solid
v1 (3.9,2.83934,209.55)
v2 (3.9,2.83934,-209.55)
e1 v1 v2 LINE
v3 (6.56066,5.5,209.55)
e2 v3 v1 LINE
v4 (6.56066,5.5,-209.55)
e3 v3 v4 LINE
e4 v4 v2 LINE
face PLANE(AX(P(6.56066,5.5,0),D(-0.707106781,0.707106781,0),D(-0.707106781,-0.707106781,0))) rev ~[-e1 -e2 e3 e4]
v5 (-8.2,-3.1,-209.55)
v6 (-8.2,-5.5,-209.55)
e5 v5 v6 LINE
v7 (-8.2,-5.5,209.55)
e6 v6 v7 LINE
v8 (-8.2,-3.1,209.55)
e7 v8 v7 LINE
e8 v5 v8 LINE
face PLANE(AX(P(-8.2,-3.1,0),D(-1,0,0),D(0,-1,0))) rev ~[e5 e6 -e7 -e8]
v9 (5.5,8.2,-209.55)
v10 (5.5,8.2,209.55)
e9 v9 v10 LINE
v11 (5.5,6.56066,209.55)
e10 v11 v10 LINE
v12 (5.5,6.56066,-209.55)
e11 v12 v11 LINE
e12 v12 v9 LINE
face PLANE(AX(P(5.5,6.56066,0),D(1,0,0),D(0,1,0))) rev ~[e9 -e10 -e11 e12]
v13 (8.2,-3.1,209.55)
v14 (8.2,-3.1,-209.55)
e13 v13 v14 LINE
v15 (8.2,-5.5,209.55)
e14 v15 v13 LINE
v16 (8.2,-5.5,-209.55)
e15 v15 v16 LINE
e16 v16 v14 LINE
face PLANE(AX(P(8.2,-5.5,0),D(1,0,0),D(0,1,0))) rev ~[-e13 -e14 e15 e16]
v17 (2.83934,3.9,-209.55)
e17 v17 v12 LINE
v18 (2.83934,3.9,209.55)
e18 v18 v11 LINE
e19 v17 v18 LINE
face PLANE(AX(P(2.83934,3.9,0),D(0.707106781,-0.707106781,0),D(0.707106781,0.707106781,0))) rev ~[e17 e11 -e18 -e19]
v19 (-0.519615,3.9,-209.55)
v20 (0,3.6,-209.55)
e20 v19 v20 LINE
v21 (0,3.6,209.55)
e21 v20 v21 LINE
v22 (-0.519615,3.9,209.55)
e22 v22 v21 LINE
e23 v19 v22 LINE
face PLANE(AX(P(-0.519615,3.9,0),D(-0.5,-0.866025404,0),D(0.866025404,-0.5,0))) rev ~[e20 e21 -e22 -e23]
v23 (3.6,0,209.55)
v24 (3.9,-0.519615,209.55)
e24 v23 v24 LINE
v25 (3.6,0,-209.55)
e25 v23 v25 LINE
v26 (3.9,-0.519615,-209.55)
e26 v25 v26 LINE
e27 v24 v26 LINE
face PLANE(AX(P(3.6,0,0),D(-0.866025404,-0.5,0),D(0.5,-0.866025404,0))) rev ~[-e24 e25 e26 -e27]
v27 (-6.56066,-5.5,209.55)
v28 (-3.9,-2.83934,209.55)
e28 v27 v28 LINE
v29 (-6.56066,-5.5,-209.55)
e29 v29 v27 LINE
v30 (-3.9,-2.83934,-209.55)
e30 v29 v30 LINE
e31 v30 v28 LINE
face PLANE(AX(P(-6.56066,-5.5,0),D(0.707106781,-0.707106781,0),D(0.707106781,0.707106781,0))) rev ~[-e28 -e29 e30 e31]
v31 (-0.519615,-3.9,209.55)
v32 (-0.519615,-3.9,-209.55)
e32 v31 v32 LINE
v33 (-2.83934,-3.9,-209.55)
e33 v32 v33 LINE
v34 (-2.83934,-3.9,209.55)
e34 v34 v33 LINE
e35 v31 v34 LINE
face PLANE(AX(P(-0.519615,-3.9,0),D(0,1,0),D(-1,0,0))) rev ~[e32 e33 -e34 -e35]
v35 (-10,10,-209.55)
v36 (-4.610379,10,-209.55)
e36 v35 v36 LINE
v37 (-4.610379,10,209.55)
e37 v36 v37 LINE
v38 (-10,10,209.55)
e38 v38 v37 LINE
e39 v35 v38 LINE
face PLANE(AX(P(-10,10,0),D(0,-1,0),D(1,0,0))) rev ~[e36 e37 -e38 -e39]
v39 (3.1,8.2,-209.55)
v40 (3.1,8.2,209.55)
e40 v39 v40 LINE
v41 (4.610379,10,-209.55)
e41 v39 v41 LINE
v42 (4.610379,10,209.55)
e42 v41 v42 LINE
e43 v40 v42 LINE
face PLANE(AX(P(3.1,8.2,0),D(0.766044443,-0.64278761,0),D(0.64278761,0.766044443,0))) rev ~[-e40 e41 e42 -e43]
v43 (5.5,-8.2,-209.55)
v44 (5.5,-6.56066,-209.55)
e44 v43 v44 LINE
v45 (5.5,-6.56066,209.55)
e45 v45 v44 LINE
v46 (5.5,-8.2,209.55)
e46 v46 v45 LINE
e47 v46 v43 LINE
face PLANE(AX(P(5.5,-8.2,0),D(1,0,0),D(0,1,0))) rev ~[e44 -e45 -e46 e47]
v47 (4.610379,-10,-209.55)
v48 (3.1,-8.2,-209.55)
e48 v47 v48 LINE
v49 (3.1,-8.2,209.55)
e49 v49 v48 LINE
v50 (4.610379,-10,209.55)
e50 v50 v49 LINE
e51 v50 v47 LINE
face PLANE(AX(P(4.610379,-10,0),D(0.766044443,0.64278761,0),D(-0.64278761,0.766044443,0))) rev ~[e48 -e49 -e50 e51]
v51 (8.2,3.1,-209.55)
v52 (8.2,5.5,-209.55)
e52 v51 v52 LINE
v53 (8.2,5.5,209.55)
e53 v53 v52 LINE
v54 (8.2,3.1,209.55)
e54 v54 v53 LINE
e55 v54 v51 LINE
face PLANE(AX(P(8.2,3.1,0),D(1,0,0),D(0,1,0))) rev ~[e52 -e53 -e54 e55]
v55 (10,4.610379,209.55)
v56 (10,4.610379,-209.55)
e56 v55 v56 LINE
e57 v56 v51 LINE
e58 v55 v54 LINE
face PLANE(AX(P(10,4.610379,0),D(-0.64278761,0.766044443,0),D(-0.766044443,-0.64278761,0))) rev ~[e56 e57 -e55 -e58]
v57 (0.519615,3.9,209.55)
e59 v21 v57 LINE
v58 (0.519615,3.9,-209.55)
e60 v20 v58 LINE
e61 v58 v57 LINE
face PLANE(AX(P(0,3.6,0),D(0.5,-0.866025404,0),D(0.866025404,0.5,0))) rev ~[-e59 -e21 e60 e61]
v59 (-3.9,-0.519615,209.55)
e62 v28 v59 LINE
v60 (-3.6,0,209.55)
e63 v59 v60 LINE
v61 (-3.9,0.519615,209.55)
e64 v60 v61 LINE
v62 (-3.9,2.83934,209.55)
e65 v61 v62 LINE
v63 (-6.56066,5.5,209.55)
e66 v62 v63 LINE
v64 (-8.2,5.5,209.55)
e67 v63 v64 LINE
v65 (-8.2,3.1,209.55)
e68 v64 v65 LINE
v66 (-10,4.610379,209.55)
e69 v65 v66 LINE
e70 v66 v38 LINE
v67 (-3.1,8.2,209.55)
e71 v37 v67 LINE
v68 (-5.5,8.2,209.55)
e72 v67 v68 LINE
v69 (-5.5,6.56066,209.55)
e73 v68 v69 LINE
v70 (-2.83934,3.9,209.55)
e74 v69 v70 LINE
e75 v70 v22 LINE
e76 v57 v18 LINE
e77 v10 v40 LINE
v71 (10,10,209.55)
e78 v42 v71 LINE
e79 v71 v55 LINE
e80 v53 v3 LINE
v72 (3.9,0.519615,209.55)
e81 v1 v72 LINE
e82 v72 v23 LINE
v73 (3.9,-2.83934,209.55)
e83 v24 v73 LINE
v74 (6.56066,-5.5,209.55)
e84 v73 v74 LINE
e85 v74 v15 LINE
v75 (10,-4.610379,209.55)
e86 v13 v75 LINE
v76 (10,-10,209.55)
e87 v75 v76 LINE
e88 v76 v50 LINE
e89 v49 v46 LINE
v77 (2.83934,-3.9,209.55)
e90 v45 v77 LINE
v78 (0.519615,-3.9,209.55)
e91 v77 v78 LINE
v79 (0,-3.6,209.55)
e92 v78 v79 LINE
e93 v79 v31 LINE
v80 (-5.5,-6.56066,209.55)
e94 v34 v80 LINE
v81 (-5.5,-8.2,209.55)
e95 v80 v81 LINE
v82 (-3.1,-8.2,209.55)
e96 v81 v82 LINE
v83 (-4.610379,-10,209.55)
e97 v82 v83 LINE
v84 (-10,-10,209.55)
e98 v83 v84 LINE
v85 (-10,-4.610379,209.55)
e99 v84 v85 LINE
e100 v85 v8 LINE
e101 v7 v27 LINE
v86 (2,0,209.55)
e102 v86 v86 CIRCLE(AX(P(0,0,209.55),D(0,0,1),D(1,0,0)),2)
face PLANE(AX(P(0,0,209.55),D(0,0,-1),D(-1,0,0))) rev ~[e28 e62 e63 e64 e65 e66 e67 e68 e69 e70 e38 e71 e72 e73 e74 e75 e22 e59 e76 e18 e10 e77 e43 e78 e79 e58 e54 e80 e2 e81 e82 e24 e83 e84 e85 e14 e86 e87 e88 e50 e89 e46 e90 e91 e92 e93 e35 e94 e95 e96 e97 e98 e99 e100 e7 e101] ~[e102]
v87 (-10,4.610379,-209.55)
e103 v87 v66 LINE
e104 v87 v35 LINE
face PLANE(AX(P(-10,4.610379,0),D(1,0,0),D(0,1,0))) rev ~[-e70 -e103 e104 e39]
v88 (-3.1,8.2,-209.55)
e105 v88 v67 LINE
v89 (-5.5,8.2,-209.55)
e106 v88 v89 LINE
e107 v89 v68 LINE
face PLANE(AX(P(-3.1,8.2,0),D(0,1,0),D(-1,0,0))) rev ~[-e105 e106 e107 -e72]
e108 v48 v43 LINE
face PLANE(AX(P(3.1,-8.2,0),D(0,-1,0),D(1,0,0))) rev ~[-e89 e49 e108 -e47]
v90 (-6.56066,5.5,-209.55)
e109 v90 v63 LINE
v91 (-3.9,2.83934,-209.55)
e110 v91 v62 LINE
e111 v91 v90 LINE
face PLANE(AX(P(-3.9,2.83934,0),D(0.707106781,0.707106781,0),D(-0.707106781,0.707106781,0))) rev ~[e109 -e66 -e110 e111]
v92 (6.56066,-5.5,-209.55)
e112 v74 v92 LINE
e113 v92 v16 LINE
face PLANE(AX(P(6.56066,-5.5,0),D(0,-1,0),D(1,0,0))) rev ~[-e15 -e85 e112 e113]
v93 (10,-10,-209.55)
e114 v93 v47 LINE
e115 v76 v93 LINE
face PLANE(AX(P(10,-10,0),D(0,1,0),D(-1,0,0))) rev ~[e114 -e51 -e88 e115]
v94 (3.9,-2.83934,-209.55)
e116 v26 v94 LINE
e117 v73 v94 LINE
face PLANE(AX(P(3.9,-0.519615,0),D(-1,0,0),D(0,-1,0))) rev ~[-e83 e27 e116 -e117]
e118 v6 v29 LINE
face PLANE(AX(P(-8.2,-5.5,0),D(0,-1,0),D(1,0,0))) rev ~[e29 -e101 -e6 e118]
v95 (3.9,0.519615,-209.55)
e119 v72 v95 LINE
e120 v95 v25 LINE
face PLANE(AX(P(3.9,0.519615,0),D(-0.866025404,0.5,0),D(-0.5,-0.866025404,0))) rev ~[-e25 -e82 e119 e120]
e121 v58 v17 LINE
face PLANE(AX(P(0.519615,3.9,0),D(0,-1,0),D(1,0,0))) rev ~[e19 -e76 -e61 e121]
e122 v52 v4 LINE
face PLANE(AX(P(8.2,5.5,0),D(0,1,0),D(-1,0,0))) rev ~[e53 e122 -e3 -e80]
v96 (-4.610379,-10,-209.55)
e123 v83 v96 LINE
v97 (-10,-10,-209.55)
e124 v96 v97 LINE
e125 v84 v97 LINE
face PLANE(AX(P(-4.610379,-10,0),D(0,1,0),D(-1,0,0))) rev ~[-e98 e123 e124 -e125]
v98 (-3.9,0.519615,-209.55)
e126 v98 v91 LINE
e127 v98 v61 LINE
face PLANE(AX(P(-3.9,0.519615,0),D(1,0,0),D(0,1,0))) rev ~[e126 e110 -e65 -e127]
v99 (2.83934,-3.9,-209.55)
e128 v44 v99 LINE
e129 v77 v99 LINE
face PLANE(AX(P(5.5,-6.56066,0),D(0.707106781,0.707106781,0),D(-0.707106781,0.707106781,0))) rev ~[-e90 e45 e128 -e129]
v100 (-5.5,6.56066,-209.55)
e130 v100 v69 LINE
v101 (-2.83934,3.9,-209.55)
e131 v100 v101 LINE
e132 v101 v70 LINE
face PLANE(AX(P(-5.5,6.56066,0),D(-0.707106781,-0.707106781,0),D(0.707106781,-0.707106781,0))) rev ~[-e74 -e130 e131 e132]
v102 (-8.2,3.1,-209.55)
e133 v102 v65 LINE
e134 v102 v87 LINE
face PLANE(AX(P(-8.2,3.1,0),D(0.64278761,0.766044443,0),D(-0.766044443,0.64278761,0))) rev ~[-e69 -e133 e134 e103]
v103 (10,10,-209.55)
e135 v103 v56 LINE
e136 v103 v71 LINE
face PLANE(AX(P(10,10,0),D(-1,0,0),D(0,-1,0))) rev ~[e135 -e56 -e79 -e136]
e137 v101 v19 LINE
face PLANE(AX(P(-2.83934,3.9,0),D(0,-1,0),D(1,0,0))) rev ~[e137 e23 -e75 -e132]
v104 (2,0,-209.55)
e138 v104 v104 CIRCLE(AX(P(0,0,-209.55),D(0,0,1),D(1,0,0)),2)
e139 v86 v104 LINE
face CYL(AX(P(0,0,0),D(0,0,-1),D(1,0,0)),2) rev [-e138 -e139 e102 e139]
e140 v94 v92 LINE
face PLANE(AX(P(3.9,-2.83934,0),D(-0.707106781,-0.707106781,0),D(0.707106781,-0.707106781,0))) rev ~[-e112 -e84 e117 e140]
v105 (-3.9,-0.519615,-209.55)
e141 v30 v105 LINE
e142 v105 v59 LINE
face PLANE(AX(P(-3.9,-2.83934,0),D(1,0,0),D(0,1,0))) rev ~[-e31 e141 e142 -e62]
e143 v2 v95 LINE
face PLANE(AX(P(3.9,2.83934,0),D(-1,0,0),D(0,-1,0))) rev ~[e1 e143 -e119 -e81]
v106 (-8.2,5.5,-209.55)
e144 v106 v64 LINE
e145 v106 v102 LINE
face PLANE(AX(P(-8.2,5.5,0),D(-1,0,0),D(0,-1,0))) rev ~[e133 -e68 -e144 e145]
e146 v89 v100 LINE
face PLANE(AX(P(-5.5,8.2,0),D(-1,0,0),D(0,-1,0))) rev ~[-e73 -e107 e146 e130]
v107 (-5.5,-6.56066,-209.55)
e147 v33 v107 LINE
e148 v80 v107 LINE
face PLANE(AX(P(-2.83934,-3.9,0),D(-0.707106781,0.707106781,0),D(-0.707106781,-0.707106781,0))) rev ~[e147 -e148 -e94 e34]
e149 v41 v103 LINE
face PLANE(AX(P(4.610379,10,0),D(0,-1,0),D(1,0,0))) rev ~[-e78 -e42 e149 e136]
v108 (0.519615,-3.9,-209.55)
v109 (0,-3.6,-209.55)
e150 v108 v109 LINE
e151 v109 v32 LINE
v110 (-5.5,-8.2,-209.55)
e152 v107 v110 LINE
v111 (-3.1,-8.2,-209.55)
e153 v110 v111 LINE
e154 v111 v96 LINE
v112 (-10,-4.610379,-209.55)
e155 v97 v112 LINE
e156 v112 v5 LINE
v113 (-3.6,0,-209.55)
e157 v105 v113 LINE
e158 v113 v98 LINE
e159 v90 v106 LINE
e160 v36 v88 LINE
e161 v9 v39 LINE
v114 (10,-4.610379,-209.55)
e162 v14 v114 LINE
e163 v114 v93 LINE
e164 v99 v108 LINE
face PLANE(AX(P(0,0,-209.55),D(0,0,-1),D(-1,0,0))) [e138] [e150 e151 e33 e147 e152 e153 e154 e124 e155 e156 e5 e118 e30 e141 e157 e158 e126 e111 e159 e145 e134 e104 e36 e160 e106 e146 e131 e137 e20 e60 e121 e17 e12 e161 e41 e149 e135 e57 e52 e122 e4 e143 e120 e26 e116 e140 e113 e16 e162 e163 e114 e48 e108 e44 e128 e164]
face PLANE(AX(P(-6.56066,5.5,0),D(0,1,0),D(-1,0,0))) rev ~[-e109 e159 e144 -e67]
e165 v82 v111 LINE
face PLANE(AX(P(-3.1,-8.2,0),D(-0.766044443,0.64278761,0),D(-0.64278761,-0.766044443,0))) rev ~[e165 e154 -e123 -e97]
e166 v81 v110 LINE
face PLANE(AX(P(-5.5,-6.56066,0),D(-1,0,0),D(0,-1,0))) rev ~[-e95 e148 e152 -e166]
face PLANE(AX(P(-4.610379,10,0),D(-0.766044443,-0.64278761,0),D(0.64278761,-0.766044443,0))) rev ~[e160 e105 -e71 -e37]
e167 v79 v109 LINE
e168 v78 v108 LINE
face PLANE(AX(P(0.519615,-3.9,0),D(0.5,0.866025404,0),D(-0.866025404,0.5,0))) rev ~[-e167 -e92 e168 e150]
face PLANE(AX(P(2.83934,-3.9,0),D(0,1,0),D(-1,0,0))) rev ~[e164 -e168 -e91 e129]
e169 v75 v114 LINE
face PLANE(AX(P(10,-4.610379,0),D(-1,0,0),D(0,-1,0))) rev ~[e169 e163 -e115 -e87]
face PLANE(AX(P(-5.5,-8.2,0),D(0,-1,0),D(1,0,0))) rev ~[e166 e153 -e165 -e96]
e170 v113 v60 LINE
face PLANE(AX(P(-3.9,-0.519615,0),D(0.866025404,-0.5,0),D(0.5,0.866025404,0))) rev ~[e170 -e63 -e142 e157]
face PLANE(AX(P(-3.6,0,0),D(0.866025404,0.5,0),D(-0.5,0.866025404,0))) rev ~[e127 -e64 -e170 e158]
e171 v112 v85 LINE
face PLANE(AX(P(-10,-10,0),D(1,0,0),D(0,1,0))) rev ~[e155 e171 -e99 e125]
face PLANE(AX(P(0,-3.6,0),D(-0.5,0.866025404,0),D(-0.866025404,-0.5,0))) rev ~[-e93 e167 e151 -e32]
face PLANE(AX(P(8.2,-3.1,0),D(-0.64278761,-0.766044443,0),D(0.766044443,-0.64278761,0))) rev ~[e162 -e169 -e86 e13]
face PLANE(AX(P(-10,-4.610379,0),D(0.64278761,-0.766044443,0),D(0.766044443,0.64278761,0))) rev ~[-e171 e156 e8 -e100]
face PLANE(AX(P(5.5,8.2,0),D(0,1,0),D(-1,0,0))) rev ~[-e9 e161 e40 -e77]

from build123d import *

# Parameters (mm, degrees)
SKETCH1_R           = 2
BOSS_EXTRUDE1_DEPTH = 209.55


with BuildPart() as part:
    # Sketch1 → Boss-Extrude1 (new body, symmetric)
    with BuildSketch(Plane.XY):
        Polygon((10, 10), (10, 4.610379336), (8.2, 3.1), (8.2, 5.5), (6.560660172, 5.5), (3.9, 2.839339828), (3.9, 0.519615242), (3.6, 0), (3.9, -0.519615242), (3.9, -2.839339828), (6.560660172, -5.5), (8.2, -5.5), (8.2, -3.1), (10, -4.610379336), (10, -10), (4.610379336, -10), (3.1, -8.2), (5.5, -8.2), (5.5, -6.560660172), (2.839339828, -3.9), (0.519615242, -3.9), (0, -3.6), (-0.519615242, -3.9), (-2.839339828, -3.9), (-5.5, -6.560660172), (-5.5, -8.2), (-3.1, -8.2), (-4.610379336, -10), (-10, -10), (-10, -4.610379336), (-8.2, -3.1), (-8.2, -5.5), (-6.560660172, -5.5), (-3.9, -2.839339828), (-3.9, -0.519615242), (-3.6, 0), (-3.9, 0.519615242), (-3.9, 2.839339828), (-6.560660172, 5.5), (-8.2, 5.5), (-8.2, 3.1), (-10, 4.610379336), (-10, 10), (-4.610379336, 10), (-3.1, 8.2), (-5.5, 8.2), (-5.5, 6.560660172), (-2.839339828, 3.9), (-0.519615242, 3.9), (0, 3.6), (0.519615242, 3.9), (2.839339828, 3.9), (5.5, 6.560660172), (5.5, 8.2), (3.1, 8.2), (4.610379336, 10), align=None)
        Circle(SKETCH1_R, mode=Mode.SUBTRACT)
    extrude(amount=BOSS_EXTRUDE1_DEPTH, both=True)


solid = part.part
